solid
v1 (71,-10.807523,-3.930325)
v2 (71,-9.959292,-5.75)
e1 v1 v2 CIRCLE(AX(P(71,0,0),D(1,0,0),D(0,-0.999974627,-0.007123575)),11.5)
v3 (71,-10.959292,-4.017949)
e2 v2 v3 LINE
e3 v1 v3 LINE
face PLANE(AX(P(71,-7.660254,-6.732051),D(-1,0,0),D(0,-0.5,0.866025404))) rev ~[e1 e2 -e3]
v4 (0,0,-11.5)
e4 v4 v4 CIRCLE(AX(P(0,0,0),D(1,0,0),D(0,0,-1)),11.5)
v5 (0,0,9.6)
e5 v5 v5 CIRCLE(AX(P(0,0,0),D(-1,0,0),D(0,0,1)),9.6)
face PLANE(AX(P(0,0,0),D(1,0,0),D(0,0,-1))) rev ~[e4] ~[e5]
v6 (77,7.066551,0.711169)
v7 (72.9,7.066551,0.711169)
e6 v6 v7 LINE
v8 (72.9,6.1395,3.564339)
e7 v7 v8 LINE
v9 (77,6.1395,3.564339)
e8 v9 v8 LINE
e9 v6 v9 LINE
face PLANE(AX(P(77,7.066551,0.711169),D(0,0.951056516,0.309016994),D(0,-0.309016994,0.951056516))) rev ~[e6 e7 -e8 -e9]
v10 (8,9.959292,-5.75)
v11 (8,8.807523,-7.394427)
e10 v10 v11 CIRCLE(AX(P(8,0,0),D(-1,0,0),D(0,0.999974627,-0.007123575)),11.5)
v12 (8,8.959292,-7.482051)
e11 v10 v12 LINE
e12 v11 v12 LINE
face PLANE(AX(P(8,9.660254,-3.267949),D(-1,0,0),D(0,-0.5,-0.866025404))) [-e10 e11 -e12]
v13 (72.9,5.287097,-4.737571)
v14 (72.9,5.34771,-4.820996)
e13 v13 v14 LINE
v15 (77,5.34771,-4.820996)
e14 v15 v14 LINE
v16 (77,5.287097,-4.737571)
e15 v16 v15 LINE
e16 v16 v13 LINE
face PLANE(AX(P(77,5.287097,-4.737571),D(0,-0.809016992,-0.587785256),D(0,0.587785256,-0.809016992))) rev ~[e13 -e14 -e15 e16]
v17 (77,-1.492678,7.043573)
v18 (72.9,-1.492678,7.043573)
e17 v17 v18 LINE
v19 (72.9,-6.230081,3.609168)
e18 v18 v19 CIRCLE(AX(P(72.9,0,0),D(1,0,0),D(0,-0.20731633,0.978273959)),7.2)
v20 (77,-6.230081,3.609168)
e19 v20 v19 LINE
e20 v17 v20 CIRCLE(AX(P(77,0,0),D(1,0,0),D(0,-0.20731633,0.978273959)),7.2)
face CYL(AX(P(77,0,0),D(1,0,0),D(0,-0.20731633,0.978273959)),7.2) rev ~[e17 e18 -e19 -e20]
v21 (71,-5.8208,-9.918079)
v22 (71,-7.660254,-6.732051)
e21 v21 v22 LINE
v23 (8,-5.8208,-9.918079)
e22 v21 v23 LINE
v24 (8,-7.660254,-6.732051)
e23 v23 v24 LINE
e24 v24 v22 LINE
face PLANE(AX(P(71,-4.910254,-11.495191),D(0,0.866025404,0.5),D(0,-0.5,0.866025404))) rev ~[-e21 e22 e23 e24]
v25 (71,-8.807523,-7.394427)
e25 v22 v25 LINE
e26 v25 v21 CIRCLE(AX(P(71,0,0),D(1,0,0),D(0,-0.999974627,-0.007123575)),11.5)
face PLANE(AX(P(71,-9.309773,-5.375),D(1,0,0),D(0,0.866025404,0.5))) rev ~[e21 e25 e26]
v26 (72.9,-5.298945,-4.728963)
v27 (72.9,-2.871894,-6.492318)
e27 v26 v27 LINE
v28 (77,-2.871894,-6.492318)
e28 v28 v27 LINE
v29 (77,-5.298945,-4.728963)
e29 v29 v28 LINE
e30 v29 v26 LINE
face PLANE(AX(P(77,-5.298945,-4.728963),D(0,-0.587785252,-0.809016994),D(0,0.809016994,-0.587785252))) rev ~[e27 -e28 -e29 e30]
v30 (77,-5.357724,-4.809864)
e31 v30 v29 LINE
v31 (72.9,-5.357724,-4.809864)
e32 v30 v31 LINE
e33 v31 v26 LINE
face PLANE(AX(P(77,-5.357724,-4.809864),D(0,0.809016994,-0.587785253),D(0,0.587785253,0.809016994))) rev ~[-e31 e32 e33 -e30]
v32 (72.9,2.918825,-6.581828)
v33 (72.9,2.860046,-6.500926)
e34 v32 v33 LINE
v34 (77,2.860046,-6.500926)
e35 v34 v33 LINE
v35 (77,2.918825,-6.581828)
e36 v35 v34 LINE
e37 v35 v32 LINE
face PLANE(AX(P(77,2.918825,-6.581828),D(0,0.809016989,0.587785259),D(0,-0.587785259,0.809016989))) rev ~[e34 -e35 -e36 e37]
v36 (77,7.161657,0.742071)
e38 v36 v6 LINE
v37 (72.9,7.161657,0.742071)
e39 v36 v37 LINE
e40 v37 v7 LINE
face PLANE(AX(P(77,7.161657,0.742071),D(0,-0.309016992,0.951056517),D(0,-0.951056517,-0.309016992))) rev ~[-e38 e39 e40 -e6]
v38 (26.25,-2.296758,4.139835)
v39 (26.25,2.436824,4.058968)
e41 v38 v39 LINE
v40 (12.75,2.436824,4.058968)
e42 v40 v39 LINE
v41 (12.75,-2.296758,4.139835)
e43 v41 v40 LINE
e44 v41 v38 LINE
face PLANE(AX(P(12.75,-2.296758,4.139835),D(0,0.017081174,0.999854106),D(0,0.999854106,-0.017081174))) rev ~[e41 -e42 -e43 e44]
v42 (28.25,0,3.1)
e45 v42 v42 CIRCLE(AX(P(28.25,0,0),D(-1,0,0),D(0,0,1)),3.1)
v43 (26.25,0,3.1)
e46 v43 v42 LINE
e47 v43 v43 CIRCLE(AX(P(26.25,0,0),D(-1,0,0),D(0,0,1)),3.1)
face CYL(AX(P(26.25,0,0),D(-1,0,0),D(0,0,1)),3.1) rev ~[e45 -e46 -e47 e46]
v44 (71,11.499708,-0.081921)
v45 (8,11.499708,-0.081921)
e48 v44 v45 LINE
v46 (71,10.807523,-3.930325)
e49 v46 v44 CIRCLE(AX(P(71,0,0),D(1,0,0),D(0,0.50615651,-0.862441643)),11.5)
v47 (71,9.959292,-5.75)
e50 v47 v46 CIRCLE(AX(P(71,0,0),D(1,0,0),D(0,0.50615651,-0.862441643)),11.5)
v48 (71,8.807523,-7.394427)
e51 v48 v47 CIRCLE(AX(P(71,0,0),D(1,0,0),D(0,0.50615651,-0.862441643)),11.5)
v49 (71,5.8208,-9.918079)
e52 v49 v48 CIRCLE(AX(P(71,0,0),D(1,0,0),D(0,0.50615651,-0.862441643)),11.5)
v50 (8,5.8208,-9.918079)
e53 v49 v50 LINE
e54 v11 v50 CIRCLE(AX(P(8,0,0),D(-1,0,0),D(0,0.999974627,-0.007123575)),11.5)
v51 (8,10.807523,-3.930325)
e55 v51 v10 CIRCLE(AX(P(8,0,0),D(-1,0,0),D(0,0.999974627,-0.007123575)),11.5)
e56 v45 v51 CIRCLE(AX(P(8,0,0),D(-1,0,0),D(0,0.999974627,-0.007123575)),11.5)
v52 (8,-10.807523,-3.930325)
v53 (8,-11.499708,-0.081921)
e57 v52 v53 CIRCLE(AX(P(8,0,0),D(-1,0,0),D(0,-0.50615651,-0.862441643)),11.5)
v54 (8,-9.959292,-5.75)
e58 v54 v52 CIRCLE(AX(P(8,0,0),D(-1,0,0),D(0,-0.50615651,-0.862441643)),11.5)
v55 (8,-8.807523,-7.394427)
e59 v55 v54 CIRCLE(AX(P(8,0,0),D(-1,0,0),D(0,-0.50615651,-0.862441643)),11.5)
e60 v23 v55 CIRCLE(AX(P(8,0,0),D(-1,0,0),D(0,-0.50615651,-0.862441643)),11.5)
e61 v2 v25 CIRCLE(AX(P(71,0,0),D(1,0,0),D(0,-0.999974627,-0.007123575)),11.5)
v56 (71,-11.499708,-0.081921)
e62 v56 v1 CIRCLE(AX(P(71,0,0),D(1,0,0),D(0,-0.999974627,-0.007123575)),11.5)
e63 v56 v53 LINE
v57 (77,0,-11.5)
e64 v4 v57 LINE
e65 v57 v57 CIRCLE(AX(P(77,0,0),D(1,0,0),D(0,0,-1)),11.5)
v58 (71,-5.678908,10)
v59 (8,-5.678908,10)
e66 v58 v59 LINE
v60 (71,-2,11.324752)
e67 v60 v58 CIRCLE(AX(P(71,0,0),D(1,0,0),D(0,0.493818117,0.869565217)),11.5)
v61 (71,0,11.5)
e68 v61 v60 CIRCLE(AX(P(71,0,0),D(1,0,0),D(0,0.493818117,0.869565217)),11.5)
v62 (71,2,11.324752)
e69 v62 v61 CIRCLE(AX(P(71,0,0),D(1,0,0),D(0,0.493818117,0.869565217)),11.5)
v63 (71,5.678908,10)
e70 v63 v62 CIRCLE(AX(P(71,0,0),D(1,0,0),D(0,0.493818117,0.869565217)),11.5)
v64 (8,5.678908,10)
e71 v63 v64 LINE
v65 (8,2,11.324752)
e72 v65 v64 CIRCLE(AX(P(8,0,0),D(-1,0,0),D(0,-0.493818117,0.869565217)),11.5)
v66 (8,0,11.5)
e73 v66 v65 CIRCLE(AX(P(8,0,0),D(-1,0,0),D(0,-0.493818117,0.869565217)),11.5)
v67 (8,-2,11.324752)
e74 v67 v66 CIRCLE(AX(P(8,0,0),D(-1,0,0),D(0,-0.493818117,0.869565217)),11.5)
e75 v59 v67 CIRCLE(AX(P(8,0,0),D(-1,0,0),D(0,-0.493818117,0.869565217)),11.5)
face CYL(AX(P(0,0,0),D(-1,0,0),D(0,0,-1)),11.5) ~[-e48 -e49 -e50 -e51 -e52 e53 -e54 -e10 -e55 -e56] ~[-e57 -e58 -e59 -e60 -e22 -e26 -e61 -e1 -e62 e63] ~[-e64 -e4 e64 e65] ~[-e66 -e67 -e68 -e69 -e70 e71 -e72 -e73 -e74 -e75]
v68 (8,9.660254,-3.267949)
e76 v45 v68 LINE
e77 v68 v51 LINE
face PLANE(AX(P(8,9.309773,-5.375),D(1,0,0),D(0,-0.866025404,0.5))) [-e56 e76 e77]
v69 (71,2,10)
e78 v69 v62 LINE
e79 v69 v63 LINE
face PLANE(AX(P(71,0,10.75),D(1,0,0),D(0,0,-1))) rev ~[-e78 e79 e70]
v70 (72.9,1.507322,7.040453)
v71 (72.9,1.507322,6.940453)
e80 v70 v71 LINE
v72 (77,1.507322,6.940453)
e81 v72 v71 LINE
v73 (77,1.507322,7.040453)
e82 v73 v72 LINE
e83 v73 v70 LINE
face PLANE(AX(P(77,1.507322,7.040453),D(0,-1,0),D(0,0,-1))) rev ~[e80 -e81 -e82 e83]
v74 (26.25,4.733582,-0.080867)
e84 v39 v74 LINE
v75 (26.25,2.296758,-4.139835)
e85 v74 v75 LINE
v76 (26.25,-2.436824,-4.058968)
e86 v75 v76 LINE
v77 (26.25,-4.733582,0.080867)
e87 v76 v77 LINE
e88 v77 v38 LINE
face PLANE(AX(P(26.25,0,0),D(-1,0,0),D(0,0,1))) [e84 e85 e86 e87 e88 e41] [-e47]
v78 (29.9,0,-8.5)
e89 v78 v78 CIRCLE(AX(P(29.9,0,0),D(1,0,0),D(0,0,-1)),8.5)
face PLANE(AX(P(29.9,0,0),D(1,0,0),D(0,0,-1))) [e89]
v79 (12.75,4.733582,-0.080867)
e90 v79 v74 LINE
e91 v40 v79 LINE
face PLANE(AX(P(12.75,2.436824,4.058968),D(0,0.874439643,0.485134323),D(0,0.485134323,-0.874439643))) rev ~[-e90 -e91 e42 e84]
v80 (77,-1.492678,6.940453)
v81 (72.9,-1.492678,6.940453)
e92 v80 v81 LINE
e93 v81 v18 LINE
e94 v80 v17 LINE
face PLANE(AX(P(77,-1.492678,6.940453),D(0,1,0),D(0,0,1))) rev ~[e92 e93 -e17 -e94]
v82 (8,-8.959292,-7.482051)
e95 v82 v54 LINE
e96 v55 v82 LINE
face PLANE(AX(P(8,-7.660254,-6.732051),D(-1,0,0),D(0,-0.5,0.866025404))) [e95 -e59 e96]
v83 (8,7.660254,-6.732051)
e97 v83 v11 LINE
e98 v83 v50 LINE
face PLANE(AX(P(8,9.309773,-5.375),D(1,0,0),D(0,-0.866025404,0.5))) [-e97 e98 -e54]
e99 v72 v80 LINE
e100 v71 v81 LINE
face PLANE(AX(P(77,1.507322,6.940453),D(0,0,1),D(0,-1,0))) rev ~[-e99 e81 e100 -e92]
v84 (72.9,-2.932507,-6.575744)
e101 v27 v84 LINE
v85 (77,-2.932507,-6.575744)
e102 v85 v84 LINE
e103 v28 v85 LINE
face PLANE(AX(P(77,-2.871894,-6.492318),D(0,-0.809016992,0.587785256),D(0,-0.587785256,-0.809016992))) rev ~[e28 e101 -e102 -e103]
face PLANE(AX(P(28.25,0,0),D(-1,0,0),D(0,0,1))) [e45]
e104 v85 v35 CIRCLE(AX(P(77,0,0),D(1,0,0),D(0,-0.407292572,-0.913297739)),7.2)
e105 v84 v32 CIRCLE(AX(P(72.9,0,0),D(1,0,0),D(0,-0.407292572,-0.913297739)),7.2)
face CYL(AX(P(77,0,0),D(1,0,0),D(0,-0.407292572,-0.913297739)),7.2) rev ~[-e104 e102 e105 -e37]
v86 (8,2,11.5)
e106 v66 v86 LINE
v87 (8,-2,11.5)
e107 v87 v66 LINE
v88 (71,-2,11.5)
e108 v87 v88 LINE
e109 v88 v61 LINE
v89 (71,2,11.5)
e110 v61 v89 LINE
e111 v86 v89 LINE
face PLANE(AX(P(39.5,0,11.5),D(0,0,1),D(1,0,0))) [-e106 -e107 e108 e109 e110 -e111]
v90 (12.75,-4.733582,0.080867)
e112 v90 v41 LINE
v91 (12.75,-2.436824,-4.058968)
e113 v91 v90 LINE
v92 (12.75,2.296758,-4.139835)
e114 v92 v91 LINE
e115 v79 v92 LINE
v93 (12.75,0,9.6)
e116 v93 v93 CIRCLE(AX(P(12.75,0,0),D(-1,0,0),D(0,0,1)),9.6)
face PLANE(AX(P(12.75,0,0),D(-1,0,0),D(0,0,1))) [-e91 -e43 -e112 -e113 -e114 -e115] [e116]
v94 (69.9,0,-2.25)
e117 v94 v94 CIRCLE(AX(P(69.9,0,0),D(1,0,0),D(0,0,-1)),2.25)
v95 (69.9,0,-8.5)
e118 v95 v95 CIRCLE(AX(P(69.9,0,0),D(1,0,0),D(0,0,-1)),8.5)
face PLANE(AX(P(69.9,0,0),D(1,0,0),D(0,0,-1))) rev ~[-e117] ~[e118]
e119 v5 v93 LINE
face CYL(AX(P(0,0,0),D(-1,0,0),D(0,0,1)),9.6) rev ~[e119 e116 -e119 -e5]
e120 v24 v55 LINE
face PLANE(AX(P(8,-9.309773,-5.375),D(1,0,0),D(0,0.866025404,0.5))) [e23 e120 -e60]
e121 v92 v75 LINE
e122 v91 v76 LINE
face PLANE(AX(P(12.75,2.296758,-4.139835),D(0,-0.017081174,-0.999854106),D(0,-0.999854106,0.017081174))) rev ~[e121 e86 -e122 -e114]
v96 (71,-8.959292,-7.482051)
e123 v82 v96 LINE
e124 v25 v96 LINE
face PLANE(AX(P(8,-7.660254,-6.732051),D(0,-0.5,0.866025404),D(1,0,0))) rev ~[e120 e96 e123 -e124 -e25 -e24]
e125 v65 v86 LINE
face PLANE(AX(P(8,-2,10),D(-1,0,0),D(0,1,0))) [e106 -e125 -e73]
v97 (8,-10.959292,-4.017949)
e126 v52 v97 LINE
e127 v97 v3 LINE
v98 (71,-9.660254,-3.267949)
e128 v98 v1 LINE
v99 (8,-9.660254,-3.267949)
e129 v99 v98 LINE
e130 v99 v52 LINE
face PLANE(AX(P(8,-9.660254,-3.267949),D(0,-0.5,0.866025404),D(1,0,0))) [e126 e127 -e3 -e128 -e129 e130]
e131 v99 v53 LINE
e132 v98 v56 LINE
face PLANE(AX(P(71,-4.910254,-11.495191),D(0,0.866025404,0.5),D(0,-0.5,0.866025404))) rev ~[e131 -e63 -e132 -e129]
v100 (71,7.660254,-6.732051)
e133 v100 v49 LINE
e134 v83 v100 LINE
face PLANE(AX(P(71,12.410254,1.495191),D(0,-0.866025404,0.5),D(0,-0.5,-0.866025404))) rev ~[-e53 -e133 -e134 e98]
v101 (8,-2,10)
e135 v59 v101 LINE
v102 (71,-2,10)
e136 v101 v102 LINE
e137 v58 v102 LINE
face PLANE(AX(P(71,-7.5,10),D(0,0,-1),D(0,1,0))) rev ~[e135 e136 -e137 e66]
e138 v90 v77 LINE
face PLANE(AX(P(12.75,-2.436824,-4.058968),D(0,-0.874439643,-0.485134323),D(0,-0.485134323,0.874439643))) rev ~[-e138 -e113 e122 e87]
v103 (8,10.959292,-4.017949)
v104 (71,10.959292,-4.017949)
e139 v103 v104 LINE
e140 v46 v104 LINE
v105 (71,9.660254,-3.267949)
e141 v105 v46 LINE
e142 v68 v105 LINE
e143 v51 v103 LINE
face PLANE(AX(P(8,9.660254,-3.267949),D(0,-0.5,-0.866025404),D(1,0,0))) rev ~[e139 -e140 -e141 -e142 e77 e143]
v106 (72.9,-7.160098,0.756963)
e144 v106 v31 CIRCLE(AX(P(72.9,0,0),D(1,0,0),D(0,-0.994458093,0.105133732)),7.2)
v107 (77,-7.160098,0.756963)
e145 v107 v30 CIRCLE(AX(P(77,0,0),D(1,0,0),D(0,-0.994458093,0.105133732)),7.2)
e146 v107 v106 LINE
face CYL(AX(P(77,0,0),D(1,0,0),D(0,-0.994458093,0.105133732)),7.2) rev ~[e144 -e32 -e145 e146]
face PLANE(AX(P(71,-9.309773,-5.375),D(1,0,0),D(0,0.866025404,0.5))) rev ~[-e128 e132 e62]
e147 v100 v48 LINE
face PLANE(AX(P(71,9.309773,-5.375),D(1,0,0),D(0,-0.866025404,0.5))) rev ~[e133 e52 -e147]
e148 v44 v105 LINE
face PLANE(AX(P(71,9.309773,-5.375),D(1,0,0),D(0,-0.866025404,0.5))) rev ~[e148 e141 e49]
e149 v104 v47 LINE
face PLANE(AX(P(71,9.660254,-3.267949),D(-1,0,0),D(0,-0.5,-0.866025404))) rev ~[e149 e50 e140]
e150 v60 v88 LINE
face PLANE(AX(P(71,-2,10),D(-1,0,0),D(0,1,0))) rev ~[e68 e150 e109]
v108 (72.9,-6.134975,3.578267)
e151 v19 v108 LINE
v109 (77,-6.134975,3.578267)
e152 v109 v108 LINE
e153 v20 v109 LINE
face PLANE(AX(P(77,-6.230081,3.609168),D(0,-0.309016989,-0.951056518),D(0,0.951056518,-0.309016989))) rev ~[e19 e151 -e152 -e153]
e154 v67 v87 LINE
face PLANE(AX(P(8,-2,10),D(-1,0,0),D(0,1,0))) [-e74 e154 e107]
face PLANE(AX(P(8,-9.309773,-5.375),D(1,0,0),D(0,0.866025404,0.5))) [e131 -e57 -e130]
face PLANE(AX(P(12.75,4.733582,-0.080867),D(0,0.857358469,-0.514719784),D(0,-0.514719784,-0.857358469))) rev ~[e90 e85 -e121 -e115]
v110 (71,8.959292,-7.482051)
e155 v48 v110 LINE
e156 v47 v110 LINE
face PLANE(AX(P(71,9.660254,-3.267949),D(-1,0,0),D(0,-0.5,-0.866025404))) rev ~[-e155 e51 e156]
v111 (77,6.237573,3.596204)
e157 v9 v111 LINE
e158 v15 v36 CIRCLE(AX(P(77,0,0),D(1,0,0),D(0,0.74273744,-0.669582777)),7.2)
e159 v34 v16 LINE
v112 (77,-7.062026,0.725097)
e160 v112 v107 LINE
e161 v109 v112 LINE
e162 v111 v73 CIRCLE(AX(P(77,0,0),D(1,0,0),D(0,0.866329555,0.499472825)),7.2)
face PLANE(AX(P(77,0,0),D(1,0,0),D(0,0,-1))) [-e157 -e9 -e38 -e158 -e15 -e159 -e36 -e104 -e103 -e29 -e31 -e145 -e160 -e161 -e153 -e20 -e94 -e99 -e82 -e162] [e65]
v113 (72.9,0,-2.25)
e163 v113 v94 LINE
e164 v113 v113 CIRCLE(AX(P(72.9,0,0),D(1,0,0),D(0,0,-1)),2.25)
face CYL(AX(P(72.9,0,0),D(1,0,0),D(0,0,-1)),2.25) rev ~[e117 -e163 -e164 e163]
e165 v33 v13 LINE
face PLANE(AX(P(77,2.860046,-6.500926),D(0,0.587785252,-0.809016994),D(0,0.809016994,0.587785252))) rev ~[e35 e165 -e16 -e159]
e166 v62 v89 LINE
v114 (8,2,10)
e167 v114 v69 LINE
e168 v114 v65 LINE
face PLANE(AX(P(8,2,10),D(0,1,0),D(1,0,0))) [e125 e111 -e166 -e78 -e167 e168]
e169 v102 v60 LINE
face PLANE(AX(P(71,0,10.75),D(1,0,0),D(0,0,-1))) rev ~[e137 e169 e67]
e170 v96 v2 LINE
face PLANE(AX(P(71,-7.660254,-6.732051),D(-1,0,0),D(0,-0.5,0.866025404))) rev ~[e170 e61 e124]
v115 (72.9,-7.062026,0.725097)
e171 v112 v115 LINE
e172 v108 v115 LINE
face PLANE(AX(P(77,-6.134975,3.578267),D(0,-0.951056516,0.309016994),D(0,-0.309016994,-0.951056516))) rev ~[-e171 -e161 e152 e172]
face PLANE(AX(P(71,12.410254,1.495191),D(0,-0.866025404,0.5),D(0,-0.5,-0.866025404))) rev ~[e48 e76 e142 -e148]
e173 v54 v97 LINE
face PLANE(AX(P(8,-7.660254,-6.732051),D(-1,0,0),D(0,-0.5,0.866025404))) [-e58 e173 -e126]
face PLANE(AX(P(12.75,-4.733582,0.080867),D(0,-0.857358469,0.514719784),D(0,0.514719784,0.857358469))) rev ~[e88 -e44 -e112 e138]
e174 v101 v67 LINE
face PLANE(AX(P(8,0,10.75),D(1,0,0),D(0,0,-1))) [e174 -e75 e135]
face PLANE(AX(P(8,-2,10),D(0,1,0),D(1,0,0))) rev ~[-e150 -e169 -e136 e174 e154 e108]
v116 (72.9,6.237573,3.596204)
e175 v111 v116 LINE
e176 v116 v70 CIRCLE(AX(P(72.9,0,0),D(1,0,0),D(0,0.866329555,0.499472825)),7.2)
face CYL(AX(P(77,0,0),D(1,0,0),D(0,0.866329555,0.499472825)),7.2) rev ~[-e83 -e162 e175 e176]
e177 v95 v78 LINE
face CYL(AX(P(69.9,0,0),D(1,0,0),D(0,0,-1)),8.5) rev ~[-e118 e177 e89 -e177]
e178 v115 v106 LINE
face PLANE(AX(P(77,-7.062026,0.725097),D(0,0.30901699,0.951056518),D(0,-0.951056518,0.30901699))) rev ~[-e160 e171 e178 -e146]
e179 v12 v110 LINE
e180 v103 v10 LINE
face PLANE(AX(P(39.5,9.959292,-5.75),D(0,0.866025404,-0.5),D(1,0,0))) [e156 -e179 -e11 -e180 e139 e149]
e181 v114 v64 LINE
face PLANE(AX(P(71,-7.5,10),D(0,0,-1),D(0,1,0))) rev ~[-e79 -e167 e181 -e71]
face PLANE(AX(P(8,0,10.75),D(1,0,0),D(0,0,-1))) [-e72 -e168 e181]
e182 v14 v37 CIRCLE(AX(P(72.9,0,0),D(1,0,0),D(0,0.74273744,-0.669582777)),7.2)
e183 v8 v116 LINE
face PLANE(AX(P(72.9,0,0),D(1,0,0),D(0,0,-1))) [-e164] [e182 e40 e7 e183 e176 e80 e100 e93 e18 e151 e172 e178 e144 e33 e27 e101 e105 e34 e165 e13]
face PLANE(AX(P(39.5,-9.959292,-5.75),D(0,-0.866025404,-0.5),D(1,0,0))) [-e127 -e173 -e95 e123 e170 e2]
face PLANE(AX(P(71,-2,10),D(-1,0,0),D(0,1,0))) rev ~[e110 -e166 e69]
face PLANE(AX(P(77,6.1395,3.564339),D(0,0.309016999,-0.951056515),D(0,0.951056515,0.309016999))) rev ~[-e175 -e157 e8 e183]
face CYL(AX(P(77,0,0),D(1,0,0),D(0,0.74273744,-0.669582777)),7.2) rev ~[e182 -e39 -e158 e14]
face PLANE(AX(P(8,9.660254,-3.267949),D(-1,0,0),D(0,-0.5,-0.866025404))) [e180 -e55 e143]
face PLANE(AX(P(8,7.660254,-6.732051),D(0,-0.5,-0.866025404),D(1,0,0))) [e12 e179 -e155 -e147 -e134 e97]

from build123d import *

# Parameters (mm, degrees)
SKIZZE1_R                       = 11.5
AUFSATZ_LINEAR_AUSTRAGEN1_DEPTH = 77
SCHNITT_LINEAR_AUSTRAGEN1_DEPTH = 4.1
SKIZZE3_R                       = 2.25
SCHNITT_LINEAR_AUSTRAGEN2_DEPTH = 3
SKIZZE4_R                       = 9.6
SCHNITT_LINEAR_AUSTRAGEN3_DEPTH = 12.75
SCHNITT_LINEAR_START            = -6
SKIZZE7_W                       = 1.5
SKIZZE7_H                       = 15
SCHNITT_LINEAR_AUSTRAGEN4_DEPTH = 63
SKIZZE8_W                       = 63
SKIZZE8_H                       = 4
AUFSATZ_LINEAR_AUSTRAGEN2_DEPTH = 1.5
SCHNITT_LINEAR_AUSTRAGEN6_DEPTH = 13.5
SKIZZE12_R                      = 3.1
SCHNITT_LINEAR_AUSTRAGEN7_DEPTH = 2
KREISMUSTER3_COUNT              = 3
SKIZZE13_R                      = 8.5
SCHNITT_LINEAR_AUSTRAGEN8_DEPTH = 40


with BuildPart() as part:
    # Skizze1 → Aufsatz-Linear austragen1 (new body)
    with BuildSketch(Plane(origin=(0, 0, 0), x_dir=(0, 0, -1), z_dir=(1, 0, 0))):
        Circle(SKIZZE1_R)
    extrude(amount=AUFSATZ_LINEAR_AUSTRAGEN1_DEPTH)

    # Skizze2 → Schnitt-Linear austragen1 (cut)
    with BuildSketch(Plane(origin=(77, 0, 0), x_dir=(0, 0, -1), z_dir=(1, 0, 0))):
        with BuildLine():
            Line((-7.040453047, 1.507322425), (-6.940453047, 1.507322425))
            Line((-6.940453047, 1.507322425), (-6.940453047, -1.492677575))
            Line((-6.940453047, -1.492677575), (-7.043572507, -1.492677575))
            ThreePointArc((-7.043572507, -1.492677575), (-5.829319782, -4.225994662), (-3.609168454, -6.230080503))
            Line((-3.609168454, -6.230080503), (-3.578266755, -6.134974851))
            Line((-3.578266755, -6.134974851), (-0.725097206, -7.062025834))
            Line((-0.725097206, -7.062025834), (-0.756962871, -7.160098268))
            ThreePointArc((-0.756962871, -7.160098268), (2.217800882, -6.849916733), (4.809864271, -5.357723928))
            Line((4.809864271, -5.357723928), (4.728962572, -5.298945403))
            Line((4.728962572, -5.298945403), (6.492318329, -2.87189442))
            Line((6.492318329, -2.87189442), (6.575743724, -2.932506518))
            ThreePointArc((6.575743724, -2.932506518), (7.199996108, -0.007486699), (6.581828055, 2.918825013))
            Line((6.581828055, 2.918825013), (6.500926356, 2.860046487))
            Line((6.500926356, 2.860046487), (4.737570599, 5.28709747))
            Line((4.737570599, 5.28709747), (4.820995994, 5.347709568))
            ThreePointArc((4.820995994, 5.347709568), (2.232041431, 6.845289698), (-0.742070825, 7.161656993))
            Line((-0.742070825, 7.161656993), (-0.711169126, 7.066551342))
            Line((-0.711169126, 7.066551342), (-3.564338674, 6.139500359))
            Line((-3.564338674, 6.139500359), (-3.59620434, 6.237572793))
            ThreePointArc((-3.59620434, 6.237572793), (-5.820518639, 4.238108396), (-7.040453047, 1.507322425))
        make_face()
    extrude(amount=-SCHNITT_LINEAR_AUSTRAGEN1_DEPTH, mode=Mode.SUBTRACT)

    # Skizze3 → Schnitt-Linear austragen2 (cut)
    with BuildSketch(Plane(origin=(72.9, 0, 0), x_dir=(0, 0, -1), z_dir=(1, 0, 0))):
        Circle(SKIZZE3_R)
    extrude(amount=-SCHNITT_LINEAR_AUSTRAGEN2_DEPTH, mode=Mode.SUBTRACT)

    # Skizze4 → Schnitt-Linear austragen3 (cut)
    with BuildSketch(Plane.ZY):
        Circle(SKIZZE4_R)
    extrude(amount=-SCHNITT_LINEAR_AUSTRAGEN3_DEPTH, mode=Mode.SUBTRACT)

    # Skizze7 → Schnitt-Linear austragen4 (cut)
    with BuildSketch(Plane(origin=(77, 0, 0), x_dir=(0, 0, -1), z_dir=(1, 0, 0)).offset(SCHNITT_LINEAR_START)):
        with Locations((-10.75, 0)):
            Rectangle(SKIZZE7_W, SKIZZE7_H)
    schnitt_linear_austragen4 = extrude(amount=-SCHNITT_LINEAR_AUSTRAGEN4_DEPTH, mode=Mode.SUBTRACT)

    # Skizze8 → Aufsatz-Linear austragen2 (add)
    with BuildSketch(Plane.XY.offset(10)):
        with Locations((39.5, 0)):
            Rectangle(SKIZZE8_W, SKIZZE8_H)
    aufsatz_linear_austragen2 = extrude(amount=AUFSATZ_LINEAR_AUSTRAGEN2_DEPTH)

    # Skizze10 → Schnitt-Linear austragen6 (cut)
    with BuildSketch(Plane.ZY.offset(-12.75)):
        Polygon((4.139835299, -2.29675794), (4.058968371, 2.436823566), (-0.080866927, 4.733581506), (-4.139835299, 2.29675794), (-4.058968371, -2.436823566), (0.080866927, -4.733581506), align=None)
    extrude(amount=-SCHNITT_LINEAR_AUSTRAGEN6_DEPTH, mode=Mode.SUBTRACT)

    # Skizze12 → Schnitt-Linear austragen7 (cut)
    with BuildSketch(Plane.ZY.offset(-26.25)):
        Circle(SKIZZE12_R)
    extrude(amount=-SCHNITT_LINEAR_AUSTRAGEN7_DEPTH, mode=Mode.SUBTRACT)

    # Kreismuster3: Schnitt-Linear austragen4, Aufsatz-Linear austragen2 ×3 about axis
    kreismuster3_axis = Axis((0, 0, 0), (1, 0, 0))
    add([schnitt_linear_austragen4.rotate(kreismuster3_axis, i * 360 / KREISMUSTER3_COUNT) for i in range(1, KREISMUSTER3_COUNT)], mode=Mode.SUBTRACT)
    add([aufsatz_linear_austragen2.rotate(kreismuster3_axis, i * 360 / KREISMUSTER3_COUNT) for i in range(1, KREISMUSTER3_COUNT)])

    # Skizze13 → Schnitt-Linear austragen8 (cut)
    with BuildSketch(Plane(origin=(69.9, 0, 0), x_dir=(0, 0, -1), z_dir=(1, 0, 0))):
        Circle(SKIZZE13_R)
    extrude(amount=-SCHNITT_LINEAR_AUSTRAGEN8_DEPTH, mode=Mode.SUBTRACT)


solid = part.part
